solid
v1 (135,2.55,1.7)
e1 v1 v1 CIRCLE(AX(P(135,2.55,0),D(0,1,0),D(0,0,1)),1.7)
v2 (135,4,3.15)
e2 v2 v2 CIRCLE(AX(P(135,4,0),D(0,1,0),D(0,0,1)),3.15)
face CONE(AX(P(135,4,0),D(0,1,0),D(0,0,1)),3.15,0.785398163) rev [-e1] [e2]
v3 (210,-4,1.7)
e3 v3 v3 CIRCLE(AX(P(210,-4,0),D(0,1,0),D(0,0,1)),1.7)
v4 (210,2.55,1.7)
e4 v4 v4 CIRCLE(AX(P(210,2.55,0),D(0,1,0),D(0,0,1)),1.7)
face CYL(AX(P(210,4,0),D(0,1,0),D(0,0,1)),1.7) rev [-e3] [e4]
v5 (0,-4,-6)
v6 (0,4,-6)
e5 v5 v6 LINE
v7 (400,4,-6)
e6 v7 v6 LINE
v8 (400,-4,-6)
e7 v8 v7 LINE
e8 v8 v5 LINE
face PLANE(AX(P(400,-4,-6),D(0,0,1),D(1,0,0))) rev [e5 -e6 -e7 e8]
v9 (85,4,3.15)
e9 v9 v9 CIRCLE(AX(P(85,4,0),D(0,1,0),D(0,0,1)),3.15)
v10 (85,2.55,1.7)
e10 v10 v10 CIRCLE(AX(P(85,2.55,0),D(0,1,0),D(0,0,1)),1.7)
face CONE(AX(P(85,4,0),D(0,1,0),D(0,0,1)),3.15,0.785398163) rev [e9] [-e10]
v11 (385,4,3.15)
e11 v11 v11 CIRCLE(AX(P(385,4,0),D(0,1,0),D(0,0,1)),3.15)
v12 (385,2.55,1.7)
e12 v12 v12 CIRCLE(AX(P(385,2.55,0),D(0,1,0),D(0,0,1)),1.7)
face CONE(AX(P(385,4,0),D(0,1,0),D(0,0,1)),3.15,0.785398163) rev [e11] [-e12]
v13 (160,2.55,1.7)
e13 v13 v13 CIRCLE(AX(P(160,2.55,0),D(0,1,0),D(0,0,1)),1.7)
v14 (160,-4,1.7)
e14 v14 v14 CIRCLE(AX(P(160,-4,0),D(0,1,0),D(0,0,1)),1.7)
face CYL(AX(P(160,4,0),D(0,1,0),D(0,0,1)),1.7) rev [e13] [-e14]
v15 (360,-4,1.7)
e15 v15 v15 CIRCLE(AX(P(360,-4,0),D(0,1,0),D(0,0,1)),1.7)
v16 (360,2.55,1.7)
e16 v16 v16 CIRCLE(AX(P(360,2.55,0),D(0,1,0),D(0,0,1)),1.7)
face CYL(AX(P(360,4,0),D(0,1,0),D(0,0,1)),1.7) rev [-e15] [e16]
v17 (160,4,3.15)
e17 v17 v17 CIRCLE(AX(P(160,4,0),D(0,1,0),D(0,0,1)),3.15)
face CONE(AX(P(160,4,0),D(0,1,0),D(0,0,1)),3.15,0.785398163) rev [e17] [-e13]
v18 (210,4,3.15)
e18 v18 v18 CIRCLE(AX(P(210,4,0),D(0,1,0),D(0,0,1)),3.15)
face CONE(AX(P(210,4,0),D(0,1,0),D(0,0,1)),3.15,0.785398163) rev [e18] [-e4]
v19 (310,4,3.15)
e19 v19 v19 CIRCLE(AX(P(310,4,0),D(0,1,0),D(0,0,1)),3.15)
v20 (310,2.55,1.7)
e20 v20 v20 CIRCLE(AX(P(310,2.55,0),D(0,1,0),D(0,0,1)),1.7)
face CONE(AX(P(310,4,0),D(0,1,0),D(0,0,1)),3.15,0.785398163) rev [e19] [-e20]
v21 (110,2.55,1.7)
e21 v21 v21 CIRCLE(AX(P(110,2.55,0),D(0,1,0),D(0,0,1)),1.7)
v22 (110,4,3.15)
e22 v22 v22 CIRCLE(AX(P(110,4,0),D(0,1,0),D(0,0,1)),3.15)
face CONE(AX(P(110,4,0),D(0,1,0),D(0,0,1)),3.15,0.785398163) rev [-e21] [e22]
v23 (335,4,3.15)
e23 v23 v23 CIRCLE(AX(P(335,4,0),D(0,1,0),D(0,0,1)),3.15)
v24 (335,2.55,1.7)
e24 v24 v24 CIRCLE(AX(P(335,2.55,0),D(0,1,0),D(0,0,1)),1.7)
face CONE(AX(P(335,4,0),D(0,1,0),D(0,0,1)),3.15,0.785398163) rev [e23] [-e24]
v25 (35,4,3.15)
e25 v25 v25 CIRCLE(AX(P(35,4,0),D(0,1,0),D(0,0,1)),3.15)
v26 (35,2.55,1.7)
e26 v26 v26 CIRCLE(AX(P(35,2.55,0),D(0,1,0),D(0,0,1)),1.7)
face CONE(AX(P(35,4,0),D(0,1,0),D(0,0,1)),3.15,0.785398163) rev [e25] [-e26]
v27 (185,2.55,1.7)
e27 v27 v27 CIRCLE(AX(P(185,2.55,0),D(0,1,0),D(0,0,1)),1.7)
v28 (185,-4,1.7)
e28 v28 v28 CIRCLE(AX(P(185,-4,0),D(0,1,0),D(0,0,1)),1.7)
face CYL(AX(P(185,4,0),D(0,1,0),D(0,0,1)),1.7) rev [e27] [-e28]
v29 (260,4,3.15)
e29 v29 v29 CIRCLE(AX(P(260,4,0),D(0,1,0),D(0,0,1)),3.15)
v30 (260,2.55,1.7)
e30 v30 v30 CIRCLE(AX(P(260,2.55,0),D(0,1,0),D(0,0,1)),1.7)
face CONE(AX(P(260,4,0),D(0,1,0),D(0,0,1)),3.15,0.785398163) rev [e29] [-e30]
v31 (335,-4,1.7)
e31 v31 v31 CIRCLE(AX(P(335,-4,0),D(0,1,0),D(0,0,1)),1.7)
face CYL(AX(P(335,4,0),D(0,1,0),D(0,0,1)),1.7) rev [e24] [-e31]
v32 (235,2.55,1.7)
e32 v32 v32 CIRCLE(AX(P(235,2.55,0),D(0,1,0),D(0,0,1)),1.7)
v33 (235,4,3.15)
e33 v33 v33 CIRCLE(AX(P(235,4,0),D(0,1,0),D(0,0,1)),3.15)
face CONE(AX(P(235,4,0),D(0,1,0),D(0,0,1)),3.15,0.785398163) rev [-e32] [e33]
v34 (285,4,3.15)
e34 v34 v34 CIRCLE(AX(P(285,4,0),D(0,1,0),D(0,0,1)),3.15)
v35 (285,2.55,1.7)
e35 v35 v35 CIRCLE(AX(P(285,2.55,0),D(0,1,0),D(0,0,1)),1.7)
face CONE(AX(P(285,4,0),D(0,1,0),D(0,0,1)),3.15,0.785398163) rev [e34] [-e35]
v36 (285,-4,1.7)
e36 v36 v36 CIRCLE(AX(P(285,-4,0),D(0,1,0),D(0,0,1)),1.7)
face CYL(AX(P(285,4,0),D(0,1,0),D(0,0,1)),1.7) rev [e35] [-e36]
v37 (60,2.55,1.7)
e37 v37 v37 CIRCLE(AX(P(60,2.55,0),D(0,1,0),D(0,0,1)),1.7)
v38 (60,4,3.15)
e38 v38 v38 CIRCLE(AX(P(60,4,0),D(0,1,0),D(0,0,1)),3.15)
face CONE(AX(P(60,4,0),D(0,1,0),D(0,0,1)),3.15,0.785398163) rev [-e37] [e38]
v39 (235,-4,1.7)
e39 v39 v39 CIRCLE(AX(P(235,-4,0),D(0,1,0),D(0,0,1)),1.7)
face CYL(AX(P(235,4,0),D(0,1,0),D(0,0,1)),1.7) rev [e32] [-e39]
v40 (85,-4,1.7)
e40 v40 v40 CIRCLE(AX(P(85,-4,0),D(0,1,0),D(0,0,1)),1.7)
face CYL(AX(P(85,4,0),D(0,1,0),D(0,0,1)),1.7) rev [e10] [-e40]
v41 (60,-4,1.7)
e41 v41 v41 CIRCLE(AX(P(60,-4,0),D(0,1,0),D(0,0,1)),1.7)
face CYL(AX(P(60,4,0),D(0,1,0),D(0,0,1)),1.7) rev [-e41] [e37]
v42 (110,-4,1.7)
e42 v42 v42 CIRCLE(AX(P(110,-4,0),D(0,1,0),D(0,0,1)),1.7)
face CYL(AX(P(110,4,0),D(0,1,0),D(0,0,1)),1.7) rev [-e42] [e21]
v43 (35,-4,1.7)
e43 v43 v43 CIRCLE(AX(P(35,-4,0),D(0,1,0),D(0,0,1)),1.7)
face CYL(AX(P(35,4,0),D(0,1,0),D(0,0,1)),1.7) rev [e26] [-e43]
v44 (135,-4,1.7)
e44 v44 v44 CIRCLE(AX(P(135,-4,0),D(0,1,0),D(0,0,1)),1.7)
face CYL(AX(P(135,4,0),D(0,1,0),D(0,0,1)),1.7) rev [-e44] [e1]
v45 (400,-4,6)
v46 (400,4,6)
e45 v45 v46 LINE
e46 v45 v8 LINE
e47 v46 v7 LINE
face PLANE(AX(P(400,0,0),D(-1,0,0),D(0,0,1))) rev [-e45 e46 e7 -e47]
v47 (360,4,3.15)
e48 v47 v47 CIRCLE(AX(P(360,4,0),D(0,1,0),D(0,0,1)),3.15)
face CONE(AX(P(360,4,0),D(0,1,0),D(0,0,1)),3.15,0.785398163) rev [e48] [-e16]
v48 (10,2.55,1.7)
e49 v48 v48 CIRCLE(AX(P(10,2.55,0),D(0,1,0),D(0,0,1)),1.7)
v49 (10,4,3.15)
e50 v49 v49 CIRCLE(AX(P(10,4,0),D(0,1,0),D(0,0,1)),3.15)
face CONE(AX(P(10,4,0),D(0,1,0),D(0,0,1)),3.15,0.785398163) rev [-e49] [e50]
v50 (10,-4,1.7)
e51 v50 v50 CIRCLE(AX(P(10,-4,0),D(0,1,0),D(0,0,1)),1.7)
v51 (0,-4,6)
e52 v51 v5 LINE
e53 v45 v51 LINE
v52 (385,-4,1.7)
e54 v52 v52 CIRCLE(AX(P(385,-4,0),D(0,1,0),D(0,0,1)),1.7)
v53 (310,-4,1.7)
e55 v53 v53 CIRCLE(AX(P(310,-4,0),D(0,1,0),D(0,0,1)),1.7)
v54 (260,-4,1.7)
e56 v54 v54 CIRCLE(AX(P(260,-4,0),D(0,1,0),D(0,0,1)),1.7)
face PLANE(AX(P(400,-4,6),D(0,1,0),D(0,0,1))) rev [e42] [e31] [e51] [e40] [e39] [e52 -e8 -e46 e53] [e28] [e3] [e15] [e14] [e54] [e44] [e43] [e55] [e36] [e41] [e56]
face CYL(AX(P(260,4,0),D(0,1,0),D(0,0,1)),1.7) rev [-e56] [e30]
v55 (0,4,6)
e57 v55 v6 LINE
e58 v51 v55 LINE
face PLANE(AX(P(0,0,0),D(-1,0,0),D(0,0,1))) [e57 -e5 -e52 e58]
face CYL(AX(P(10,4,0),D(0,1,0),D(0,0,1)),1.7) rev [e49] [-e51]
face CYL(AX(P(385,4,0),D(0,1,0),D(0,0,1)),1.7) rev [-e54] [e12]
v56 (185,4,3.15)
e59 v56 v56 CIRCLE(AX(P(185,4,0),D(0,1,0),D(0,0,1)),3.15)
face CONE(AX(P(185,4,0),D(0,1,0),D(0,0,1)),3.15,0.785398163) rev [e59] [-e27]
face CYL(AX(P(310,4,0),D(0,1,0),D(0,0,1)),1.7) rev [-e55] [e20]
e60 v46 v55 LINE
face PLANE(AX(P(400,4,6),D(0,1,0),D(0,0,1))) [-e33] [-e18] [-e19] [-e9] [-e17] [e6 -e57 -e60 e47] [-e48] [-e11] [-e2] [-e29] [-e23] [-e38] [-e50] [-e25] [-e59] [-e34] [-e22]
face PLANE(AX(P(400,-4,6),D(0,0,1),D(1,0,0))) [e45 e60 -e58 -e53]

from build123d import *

# Parameters (mm, degrees)
SKETCH1_W                                       = 12
SKETCH1_H                                       = 8
BOSS_EXTRUDE1_DEPTH                             = 400
CSK_FOR_M3_FLAT_HEAD_MACHINE_SCREW1_D           = 3.4
CSK_FOR_M3_FLAT_HEAD_MACHINE_SCREW1_CSINK_D     = 6.3
CSK_FOR_M3_FLAT_HEAD_MACHINE_SCREW1_CSINK_ANGLE = 90
LPATTERN1_COUNT                                 = 16
LPATTERN1_PITCH                                 = 25


with BuildPart() as part:
    # Sketch1 → Boss-Extrude1 (new body)
    with BuildSketch(Plane(origin=(0, 0, 0), x_dir=(0, 0, -1), z_dir=(1, 0, 0))):
        Rectangle(SKETCH1_W, SKETCH1_H)
    extrude(amount=BOSS_EXTRUDE1_DEPTH)

    # CSK for M3 Flat Head Machine Screw1 (through all)
    with Locations(Plane(origin=(0, 4, 0), x_dir=(1, 0, 0), z_dir=(0, 1, 0))):
        with Locations((10, 0)):
            csk_for_m3_flat_head_machine_screw1 = CounterSinkHole(CSK_FOR_M3_FLAT_HEAD_MACHINE_SCREW1_D / 2, CSK_FOR_M3_FLAT_HEAD_MACHINE_SCREW1_CSINK_D / 2, counter_sink_angle=CSK_FOR_M3_FLAT_HEAD_MACHINE_SCREW1_CSINK_ANGLE)

    # LPattern1: CSK for M3 Flat Head Machine Screw1 ×16
    with Locations(*[(i * LPATTERN1_PITCH, 0, 0) for i in range(1, LPATTERN1_COUNT)]):
        add(csk_for_m3_flat_head_machine_screw1, mode=Mode.SUBTRACT)


solid = part.part
